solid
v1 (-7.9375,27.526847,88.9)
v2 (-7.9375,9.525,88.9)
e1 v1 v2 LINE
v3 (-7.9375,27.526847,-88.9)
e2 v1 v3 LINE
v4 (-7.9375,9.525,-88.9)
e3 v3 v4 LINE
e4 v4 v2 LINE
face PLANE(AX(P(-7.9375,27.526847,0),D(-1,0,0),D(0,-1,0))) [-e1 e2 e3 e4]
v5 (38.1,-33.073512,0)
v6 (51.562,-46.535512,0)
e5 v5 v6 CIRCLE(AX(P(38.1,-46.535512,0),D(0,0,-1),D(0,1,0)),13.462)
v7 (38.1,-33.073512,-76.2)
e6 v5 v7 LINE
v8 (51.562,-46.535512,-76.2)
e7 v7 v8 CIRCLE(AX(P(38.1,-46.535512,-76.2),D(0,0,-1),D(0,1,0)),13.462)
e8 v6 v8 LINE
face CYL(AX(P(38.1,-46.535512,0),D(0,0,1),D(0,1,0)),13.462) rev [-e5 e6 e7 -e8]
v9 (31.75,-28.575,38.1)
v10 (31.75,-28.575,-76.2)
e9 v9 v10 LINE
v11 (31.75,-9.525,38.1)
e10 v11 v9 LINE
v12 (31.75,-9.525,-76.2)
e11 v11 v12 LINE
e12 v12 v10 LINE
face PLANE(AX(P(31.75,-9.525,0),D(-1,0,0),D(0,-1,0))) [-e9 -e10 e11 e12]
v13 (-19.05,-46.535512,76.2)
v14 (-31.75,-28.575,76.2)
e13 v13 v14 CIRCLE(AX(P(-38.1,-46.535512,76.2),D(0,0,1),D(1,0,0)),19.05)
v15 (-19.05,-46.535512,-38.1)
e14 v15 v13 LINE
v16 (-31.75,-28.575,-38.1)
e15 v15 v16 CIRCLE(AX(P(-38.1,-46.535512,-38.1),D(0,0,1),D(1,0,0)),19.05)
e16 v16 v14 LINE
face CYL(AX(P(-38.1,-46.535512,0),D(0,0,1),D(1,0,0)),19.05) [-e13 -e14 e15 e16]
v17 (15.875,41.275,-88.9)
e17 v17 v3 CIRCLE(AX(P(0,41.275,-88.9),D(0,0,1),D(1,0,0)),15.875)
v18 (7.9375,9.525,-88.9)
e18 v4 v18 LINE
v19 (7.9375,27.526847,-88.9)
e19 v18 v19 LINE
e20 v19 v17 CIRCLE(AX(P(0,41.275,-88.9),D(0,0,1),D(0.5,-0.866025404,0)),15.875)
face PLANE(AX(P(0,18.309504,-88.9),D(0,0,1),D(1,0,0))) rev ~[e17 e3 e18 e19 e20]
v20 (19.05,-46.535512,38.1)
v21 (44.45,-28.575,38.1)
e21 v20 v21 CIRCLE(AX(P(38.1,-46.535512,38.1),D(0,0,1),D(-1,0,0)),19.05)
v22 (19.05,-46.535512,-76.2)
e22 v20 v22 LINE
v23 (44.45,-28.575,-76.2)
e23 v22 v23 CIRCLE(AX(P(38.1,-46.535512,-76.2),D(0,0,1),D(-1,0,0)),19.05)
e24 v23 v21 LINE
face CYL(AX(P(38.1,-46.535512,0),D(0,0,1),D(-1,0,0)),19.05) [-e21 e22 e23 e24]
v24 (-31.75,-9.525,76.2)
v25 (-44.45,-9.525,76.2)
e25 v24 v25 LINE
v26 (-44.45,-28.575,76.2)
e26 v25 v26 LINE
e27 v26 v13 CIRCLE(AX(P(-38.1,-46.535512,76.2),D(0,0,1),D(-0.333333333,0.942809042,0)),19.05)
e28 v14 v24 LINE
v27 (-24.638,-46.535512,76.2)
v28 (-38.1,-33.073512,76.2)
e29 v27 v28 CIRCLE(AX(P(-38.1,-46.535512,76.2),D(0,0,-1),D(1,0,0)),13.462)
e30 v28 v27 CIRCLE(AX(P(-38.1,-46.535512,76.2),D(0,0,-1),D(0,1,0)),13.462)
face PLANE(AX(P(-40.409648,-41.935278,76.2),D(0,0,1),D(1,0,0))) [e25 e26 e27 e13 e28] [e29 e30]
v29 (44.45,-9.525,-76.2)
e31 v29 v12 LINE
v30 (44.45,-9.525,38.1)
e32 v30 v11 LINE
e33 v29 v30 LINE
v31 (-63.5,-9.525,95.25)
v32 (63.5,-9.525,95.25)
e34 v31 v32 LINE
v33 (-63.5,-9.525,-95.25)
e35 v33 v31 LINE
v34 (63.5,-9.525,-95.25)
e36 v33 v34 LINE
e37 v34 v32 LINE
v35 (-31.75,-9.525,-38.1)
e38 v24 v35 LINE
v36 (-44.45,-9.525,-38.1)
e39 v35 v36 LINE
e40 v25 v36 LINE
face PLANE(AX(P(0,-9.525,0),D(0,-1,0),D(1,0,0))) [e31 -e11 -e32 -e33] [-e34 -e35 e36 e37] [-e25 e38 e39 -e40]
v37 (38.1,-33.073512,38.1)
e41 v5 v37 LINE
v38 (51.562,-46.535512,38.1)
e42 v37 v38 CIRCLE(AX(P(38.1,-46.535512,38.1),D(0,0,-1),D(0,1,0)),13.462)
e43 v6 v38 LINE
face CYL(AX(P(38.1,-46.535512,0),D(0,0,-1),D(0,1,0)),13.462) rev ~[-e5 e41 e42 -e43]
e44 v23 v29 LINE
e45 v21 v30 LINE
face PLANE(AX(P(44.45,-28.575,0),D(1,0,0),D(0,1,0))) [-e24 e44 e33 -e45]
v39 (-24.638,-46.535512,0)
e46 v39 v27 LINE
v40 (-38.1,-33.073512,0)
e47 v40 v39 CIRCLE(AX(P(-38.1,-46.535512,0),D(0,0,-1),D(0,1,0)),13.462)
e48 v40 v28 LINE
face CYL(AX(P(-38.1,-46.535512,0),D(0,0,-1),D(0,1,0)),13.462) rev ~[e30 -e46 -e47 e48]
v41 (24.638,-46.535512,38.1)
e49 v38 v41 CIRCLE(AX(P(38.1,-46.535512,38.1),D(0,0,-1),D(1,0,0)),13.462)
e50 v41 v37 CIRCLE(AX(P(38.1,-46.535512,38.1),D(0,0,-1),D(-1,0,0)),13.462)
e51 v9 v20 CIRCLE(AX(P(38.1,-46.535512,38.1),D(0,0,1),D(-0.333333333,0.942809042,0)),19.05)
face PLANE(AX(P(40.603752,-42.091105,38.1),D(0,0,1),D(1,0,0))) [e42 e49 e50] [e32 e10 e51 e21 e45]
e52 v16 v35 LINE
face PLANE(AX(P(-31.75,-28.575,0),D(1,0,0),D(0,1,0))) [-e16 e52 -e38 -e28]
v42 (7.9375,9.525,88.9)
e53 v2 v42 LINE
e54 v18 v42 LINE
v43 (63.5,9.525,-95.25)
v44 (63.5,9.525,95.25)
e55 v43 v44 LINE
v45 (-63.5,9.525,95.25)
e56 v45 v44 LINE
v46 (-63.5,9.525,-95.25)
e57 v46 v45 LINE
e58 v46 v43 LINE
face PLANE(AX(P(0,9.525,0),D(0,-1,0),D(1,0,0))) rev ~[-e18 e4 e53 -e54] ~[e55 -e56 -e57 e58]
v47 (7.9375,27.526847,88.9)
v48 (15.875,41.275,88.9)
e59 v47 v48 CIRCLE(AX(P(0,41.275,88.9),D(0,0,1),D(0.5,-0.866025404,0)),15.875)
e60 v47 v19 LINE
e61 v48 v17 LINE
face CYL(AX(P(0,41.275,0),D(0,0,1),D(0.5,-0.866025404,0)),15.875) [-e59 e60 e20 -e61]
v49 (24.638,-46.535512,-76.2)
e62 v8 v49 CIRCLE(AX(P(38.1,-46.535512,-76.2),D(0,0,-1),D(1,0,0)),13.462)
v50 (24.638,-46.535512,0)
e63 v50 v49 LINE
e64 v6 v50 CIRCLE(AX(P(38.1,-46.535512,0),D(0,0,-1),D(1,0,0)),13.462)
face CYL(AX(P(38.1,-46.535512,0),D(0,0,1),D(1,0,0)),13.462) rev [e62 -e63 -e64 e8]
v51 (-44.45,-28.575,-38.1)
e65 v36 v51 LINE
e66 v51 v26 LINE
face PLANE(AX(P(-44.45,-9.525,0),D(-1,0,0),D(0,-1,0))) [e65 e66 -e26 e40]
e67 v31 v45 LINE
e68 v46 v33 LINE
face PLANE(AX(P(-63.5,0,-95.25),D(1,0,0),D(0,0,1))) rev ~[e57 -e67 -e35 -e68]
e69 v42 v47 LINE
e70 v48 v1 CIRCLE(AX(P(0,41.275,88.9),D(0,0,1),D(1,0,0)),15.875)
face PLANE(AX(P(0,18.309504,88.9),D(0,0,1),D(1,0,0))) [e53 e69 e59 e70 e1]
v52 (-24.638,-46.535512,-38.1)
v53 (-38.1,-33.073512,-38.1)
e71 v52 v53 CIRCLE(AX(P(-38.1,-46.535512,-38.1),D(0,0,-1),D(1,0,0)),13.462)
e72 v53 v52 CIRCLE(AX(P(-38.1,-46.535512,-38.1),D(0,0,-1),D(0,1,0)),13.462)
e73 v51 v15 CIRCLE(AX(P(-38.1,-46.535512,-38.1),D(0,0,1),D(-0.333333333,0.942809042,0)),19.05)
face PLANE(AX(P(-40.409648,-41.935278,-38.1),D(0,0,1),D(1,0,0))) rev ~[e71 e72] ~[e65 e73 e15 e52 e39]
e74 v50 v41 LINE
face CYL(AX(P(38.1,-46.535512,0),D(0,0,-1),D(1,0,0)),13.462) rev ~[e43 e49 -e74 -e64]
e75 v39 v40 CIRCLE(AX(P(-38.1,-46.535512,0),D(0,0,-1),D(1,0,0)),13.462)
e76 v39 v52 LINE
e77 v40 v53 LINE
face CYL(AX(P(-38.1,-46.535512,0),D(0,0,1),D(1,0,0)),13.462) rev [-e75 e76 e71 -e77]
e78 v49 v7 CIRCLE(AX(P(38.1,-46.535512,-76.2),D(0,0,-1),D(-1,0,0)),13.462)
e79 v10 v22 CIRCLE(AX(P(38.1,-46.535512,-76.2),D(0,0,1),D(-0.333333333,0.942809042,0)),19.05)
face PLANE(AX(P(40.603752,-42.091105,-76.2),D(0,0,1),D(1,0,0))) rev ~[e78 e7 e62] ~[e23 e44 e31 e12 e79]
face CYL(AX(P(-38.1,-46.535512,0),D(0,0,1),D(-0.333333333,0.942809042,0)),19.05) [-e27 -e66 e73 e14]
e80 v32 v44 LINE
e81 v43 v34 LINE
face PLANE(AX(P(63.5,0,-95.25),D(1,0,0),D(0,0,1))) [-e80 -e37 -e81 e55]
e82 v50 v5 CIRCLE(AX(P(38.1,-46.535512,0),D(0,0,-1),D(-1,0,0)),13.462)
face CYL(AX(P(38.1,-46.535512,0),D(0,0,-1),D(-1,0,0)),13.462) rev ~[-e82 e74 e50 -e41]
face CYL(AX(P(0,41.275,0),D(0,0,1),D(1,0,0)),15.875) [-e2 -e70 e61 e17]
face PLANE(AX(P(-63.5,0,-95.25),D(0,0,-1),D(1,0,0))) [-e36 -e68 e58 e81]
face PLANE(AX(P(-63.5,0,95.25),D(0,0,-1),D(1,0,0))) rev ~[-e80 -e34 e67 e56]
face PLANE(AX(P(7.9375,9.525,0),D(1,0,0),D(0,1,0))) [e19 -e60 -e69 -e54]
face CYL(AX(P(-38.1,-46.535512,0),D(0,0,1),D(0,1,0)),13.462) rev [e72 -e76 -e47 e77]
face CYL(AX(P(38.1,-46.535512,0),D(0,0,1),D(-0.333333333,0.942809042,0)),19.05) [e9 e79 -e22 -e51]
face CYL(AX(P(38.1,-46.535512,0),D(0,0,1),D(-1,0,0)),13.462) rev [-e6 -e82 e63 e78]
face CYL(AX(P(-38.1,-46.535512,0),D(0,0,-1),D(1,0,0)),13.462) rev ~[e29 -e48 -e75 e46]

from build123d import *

# Parameters (mm, degrees)
F0_W          = 127
F0_H          = 190.5
F1_DEPTH      = 9.525
F3_DEPTH      = 76.2
F3_DEPTH_BACK = 38.1
F4_DEPTH      = 38.1
F4_DEPTH_BACK = 76.2
F6_DEPTH      = 88.9


with BuildPart() as f1:
    # F0 (on Front) → F1 (new body, symmetric)
    with BuildSketch(Plane.XZ):
        Rectangle(F0_W, F0_H)
    extrude(amount=F1_DEPTH, both=True)

    # F2 (on Top) → F3 (join, two sides)
    with BuildSketch(Plane.XY) as f3_sk:
        with BuildLine():
            Line((-38.1, -9.525), (-44.45, -9.525))
            Line((-44.45, -9.525), (-44.45, -28.575))
            ThreePointArc((-44.45, -28.575), (-49.0985226281, -62.0897721088), (-19.05, -46.5355122421))
            Line((-19.05, -46.5355122421), (-24.638, -46.5355122421))
            ThreePointArc((-24.638, -46.5355122421), (-47.6190714883, -56.0545837305), (-38.1, -33.0735122421))
            Line((-38.1, -33.0735122421), (-38.1, -9.525))
        make_face()
        with BuildLine():
            Line((-31.75, -9.525), (-38.1, -9.525))
            Line((-38.1, -9.525), (-38.1, -33.0735122421))
            ThreePointArc((-38.1, -33.0735122421), (-28.5809285117, -37.0164407538), (-24.638, -46.5355122421))
            Line((-24.638, -46.5355122421), (-19.05, -46.5355122421))
            ThreePointArc((-19.05, -46.5355122421), (-22.5457401333, -35.5369896141), (-31.75, -28.575))
            Line((-31.75, -28.575), (-31.75, -9.525))
        make_face()
    extrude(amount=F3_DEPTH)
    extrude(f3_sk.sketch, amount=-F3_DEPTH_BACK)

    # F2 (on Top) → F4 (join, two sides)
    with BuildSketch(Plane.XY) as f4_sk:
        with BuildLine():
            Line((24.638, -46.5355122421), (19.05, -46.5355122421))
            ThreePointArc((19.05, -46.5355122421), (49.0985226281, -62.0897721088), (44.45, -28.575))
            Line((44.45, -28.575), (44.45, -9.525))
            Line((44.45, -9.525), (38.1, -9.525))
            Line((38.1, -9.525), (38.1, -33.0735122421))
            ThreePointArc((38.1, -33.0735122421), (47.6190714883, -37.0164407538), (51.562, -46.5355122421))
            ThreePointArc((51.562, -46.5355122421), (38.1, -59.9975122421), (24.638, -46.5355122421))
        make_face()
        with BuildLine():
            ThreePointArc((31.75, -28.575), (22.5457401333, -35.5369896141), (19.05, -46.5355122421))
            Line((19.05, -46.5355122421), (24.638, -46.5355122421))
            ThreePointArc((24.638, -46.5355122421), (28.5809285117, -37.0164407538), (38.1, -33.0735122421))
            Line((38.1, -33.0735122421), (38.1, -9.525))
            Line((38.1, -9.525), (31.75, -9.525))
            Line((31.75, -9.525), (31.75, -28.575))
        make_face()
    extrude(amount=F4_DEPTH)
    extrude(f4_sk.sketch, amount=-F4_DEPTH_BACK)

    # F5 (on Top) → F6 (join, symmetric)
    with BuildSketch(Plane.XY):
        with BuildLine():
            Line((-7.9375, 27.5268467149), (-7.9375, 9.525))
            Line((-7.9375, 9.525), (0, 9.525))
            Line((0, 9.525), (7.9375, 9.525))
            Line((7.9375, 9.525), (7.9375, 27.5268467149))
            ThreePointArc((7.9375, 27.5268467149), (0, 25.4), (-7.9375, 27.5268467149))
        make_face()
        with BuildLine():
            ThreePointArc((15.875, 41.275), (-7.9375, 55.0231532851), (-7.9375, 27.5268467149))
            ThreePointArc((-7.9375, 27.5268467149), (0, 25.4), (7.9375, 27.5268467149))
            ThreePointArc((7.9375, 27.5268467149), (13.7481532851, 33.3375), (15.875, 41.275))
        make_face()
    extrude(amount=F6_DEPTH, both=True)


solid = f1.part
